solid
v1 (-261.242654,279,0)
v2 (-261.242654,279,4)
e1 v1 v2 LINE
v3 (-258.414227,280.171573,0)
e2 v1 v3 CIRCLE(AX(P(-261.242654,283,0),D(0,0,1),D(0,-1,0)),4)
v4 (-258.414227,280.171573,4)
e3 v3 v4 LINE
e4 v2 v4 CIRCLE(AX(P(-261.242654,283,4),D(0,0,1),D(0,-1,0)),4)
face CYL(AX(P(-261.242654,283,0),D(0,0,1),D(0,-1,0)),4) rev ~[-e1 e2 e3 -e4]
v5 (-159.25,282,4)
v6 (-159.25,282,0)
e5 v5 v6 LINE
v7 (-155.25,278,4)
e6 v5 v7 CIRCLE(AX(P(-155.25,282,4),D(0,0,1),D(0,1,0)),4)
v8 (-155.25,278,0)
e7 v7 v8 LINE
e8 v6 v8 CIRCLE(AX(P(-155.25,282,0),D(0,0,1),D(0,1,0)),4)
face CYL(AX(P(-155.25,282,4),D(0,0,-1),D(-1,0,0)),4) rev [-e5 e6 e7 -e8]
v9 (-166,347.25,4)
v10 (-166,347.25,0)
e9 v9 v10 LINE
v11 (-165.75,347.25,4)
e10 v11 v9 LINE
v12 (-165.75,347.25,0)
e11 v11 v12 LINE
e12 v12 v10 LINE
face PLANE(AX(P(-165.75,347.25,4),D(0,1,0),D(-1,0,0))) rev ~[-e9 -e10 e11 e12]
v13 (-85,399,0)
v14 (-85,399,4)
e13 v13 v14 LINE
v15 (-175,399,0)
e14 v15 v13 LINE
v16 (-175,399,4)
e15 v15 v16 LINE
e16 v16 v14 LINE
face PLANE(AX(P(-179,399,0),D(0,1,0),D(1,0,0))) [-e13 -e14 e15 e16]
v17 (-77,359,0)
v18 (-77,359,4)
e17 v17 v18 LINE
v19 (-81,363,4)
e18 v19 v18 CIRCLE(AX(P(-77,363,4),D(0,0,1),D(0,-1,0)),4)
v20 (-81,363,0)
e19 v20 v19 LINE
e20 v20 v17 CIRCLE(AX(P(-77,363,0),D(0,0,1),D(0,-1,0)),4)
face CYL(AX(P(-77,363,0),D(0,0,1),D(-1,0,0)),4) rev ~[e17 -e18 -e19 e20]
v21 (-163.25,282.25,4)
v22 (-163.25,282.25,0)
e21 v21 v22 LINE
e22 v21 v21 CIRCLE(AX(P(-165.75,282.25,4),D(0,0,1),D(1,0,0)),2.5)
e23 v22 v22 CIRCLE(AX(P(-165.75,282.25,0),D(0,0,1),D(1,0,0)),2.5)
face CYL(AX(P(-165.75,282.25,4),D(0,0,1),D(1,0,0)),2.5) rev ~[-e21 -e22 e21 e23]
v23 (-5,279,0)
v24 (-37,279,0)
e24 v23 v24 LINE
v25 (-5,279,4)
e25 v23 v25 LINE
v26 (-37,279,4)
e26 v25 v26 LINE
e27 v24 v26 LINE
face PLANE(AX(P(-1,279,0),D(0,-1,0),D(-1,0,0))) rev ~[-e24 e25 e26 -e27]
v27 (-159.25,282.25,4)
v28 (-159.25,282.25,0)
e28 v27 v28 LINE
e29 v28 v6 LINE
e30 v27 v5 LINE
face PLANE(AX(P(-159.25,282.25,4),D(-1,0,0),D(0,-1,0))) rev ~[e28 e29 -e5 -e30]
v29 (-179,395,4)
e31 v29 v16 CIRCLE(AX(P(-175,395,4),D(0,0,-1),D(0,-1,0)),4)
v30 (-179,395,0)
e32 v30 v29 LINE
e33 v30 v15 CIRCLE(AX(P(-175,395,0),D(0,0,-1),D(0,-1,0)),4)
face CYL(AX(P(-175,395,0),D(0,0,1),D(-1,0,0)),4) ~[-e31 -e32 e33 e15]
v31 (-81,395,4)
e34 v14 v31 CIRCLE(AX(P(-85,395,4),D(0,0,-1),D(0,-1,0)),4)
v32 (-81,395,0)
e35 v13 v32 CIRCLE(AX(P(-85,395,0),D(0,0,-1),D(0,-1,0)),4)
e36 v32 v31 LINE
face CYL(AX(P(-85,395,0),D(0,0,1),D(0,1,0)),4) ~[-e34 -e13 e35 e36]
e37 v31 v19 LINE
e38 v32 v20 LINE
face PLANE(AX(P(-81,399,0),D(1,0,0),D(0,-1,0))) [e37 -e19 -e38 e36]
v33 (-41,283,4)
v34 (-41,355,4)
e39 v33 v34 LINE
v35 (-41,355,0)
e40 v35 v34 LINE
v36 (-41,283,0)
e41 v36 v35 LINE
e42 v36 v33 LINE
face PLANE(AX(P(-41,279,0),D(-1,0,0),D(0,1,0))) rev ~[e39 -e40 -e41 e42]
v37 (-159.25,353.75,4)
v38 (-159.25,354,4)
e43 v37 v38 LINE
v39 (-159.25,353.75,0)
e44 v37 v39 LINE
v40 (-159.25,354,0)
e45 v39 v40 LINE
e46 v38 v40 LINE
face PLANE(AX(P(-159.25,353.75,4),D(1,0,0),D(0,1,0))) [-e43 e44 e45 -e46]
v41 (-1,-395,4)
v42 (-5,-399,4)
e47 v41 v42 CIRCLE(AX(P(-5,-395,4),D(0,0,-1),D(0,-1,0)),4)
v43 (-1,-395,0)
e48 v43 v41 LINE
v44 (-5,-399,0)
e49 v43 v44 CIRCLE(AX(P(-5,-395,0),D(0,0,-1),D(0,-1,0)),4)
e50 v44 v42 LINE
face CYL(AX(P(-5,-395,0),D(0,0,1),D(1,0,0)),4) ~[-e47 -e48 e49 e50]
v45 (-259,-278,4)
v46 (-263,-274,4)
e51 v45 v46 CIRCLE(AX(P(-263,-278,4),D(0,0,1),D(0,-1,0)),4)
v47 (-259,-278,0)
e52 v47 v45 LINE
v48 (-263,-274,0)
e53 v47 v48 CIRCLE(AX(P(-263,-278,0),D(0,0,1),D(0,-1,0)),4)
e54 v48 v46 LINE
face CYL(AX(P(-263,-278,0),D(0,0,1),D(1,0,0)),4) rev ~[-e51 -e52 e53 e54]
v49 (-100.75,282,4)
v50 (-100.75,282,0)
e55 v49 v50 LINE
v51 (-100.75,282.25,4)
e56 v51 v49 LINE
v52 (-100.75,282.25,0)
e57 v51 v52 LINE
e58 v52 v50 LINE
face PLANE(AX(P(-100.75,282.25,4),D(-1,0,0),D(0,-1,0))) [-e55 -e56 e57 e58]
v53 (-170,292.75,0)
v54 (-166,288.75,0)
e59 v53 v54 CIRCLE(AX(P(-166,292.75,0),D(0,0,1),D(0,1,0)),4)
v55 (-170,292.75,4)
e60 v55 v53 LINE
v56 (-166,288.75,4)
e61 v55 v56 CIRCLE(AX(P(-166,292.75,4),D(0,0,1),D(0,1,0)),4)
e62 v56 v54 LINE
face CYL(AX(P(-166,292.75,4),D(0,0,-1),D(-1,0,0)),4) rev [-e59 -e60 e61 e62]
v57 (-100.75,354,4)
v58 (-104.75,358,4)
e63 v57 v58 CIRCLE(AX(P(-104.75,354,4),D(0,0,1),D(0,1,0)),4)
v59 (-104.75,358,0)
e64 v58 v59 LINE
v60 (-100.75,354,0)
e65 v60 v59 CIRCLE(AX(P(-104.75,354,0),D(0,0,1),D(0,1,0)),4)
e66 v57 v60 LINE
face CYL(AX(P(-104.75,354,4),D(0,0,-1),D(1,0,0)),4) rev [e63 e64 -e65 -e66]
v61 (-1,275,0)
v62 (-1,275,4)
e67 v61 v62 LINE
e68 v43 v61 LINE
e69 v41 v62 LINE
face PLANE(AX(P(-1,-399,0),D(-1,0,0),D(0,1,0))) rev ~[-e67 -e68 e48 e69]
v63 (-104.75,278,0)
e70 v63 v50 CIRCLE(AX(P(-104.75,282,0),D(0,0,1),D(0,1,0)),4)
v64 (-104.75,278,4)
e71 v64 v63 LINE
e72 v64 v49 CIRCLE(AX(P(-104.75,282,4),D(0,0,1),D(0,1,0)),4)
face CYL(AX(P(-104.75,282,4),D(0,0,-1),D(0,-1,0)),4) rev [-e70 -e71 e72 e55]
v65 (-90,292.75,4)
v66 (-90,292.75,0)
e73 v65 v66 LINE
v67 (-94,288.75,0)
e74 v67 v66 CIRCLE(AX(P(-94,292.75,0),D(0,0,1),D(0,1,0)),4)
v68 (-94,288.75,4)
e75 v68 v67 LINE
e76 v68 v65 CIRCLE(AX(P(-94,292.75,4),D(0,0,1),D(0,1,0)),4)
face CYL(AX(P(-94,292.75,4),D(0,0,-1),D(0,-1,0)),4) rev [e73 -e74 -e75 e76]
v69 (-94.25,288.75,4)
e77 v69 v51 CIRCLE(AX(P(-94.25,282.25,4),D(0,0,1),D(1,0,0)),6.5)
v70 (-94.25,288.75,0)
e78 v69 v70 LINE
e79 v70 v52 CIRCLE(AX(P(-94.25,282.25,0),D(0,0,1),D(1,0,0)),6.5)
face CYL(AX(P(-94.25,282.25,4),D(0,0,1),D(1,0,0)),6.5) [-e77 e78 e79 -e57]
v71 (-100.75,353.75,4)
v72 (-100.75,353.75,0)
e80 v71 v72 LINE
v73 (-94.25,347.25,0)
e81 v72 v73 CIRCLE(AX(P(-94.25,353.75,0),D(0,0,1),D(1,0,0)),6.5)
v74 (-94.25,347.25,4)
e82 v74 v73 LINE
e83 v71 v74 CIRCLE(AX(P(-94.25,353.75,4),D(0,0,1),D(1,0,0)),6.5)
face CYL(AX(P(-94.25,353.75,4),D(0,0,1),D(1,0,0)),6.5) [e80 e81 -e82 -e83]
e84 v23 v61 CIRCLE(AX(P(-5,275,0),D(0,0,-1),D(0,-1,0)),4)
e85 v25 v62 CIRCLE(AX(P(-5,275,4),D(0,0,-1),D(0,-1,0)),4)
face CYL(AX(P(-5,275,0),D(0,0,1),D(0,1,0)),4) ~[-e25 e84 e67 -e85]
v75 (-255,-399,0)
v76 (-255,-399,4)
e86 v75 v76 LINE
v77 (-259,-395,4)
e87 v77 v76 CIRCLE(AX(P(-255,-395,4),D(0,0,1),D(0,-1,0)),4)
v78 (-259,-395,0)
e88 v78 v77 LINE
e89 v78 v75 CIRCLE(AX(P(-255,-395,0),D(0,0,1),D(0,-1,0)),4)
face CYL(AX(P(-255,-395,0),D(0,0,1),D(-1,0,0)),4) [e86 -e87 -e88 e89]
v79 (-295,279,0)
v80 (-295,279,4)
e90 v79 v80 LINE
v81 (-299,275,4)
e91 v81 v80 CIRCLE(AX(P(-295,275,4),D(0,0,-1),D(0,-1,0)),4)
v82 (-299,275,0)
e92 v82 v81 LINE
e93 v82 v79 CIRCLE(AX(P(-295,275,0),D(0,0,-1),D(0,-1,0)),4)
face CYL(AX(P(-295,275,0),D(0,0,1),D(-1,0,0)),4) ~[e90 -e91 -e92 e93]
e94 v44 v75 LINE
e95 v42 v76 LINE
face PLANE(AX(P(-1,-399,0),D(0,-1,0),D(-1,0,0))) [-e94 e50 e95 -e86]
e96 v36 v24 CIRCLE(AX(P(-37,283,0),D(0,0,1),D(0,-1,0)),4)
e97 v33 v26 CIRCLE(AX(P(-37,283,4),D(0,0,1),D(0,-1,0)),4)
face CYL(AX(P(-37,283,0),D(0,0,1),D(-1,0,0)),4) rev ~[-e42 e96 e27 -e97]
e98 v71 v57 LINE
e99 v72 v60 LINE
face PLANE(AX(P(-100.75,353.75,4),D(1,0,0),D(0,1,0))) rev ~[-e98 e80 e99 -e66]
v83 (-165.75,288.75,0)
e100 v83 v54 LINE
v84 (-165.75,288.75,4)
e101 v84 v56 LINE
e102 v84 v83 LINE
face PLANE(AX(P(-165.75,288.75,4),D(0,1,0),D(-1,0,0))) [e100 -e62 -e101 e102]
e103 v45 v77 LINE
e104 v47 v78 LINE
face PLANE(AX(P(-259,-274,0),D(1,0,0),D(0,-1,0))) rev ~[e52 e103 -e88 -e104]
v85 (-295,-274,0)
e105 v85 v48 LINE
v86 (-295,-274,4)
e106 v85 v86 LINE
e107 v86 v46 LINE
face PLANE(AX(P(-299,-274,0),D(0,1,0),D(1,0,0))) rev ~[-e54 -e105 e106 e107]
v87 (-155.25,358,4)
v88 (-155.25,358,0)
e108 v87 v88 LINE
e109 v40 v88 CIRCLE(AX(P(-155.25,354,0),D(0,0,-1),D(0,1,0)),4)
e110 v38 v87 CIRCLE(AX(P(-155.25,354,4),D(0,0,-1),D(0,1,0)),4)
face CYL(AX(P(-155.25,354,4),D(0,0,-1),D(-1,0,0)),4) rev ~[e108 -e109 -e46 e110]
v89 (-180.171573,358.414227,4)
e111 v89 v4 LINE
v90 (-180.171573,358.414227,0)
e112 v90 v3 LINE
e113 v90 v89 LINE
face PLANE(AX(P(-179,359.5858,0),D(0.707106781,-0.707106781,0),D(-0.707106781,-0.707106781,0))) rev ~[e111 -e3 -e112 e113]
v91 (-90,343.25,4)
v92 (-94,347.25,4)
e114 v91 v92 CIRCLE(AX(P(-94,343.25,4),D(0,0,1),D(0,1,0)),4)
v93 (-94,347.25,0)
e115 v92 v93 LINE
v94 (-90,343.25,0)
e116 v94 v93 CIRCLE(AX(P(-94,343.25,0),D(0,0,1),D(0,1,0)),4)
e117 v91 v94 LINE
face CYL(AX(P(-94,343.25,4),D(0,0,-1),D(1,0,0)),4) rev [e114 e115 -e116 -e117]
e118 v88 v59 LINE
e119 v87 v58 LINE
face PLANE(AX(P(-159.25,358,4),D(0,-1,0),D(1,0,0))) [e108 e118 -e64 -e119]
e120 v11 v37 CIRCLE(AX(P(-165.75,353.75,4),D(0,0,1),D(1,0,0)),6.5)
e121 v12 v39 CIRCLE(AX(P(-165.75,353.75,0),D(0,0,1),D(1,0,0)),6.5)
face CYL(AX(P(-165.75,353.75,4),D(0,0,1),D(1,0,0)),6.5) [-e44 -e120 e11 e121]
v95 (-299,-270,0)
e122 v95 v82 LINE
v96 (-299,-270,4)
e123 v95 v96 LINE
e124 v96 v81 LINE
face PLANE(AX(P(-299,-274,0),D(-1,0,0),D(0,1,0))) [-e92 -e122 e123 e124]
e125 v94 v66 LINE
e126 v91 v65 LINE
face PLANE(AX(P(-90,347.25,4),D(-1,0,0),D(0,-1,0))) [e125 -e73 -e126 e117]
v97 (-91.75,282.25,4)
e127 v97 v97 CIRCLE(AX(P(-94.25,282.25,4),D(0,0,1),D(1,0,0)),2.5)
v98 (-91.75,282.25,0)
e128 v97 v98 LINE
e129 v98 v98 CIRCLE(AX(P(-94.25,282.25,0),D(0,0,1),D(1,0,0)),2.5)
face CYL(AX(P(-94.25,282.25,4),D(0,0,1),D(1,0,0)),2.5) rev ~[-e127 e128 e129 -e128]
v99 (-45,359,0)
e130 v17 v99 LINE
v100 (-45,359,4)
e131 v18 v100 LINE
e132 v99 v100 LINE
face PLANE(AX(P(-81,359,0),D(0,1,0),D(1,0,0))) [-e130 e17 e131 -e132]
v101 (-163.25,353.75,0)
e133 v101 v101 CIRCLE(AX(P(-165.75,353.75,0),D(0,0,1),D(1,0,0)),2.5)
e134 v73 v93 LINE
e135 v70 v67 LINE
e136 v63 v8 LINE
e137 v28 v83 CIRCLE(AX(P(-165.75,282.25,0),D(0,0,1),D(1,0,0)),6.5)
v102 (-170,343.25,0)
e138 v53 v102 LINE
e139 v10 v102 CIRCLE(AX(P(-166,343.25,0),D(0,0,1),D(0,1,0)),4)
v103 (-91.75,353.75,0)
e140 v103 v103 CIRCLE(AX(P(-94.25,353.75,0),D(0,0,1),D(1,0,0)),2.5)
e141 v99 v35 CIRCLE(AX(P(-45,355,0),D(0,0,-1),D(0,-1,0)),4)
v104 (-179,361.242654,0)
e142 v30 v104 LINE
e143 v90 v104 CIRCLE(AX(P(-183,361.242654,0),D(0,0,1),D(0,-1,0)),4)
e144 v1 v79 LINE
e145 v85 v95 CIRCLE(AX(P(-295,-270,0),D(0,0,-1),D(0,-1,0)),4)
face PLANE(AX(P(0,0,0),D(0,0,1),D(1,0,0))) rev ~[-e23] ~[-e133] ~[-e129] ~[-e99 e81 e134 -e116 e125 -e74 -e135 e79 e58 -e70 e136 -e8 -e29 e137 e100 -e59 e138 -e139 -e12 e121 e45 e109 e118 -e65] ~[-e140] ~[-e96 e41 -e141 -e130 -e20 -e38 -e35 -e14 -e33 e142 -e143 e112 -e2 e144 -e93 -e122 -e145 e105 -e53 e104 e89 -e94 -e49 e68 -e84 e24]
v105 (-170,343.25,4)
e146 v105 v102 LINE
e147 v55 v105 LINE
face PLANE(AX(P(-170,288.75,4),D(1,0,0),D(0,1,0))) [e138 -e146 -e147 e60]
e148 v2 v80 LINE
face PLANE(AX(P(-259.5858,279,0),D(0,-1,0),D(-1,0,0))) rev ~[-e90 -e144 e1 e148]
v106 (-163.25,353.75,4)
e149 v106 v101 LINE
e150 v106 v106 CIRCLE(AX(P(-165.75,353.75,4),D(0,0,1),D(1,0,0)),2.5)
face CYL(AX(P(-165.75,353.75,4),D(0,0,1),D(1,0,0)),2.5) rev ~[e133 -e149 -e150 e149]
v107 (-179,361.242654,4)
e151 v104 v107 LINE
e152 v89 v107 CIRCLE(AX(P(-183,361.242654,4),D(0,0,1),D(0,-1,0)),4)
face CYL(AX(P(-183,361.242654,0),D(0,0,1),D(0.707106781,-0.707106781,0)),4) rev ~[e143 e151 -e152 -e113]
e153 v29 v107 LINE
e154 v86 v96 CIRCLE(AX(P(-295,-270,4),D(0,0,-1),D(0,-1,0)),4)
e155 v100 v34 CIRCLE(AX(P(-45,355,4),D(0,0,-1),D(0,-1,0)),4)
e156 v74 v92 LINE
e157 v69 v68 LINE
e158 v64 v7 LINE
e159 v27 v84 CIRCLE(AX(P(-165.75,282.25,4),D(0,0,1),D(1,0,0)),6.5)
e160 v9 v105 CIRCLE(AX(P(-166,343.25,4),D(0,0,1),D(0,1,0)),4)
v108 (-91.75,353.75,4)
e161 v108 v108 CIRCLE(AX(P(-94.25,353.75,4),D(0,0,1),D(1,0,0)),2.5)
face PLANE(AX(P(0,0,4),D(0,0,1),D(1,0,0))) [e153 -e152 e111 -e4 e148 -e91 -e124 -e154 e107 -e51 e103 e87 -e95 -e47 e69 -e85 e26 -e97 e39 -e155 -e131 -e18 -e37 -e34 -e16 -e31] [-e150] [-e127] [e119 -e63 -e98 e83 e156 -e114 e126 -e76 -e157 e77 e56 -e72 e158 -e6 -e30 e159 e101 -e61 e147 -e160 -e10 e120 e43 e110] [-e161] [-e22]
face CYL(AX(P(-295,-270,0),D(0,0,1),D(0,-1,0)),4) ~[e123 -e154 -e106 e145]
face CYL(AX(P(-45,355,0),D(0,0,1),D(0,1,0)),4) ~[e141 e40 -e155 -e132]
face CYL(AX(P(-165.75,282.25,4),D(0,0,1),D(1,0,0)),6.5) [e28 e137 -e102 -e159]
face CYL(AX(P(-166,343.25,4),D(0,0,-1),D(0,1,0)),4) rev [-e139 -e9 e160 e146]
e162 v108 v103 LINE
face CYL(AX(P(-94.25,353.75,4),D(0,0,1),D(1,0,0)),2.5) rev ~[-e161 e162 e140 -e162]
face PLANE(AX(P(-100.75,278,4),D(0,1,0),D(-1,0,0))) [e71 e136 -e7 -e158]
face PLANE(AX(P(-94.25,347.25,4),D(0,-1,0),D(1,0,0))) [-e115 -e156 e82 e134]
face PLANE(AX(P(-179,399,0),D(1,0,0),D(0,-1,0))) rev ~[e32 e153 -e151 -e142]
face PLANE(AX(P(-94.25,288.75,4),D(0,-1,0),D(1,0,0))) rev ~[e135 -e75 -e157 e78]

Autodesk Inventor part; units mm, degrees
ref_plane "YZ Plane" through (0, 0, 0) normal (1, 0, 0) x (0, 1, 0)
ref_plane "XZ Plane" through (0, 0, 0) normal (0, 1, 0) x (-1, 0, 0)
ref_plane "XY Plane" through (0, 0, 0) normal (0, 0, 1) x (1, 0, 0)
sketch "Sketch1" plane through (0, 0, 0) normal (0, 0, 1) x (1, 0, 0)
  line L0 (-300, -400) -> (300, -400)
  line L1 (300, -400) -> (300, 400)
  line L2 (300, 400) -> (-300, 400)
  line L3 (-300, 400) -> (-300, -400)
  line L4 (-300, -400) -> (300, 400) construction
  line L5 (300, -400) -> (-300, 400) construction
  line L6 (-80, 360) -> (80, 360)
  line L7 (80, 360) -> (80, 400)
  line L8 (80, 400) -> (-80, 400)
  line L9 (-80, 400) -> (-80, 360)
  line L10 (-80, 360) -> (80, 400) construction
  line L11 (80, 360) -> (-80, 400) construction
  line L12 (-300, 280) -> (-260, 280)
  line L13 (-260, 280) -> (-180, 360)
  line L14 (-180, 360) -> (-180, 400)
  line L15 (180, 400) -> (180, 360)
  line L16 (180, 360) -> (260, 280)
  line L17 (260, 280) -> (300, 280)
  line L18 (-300, -275) -> (-260, -275)
  line L19 (-260, -275) -> (-260, -400)
  line L20 (300, -280) -> (260, -280)
  line L21 (260, -280) -> (260, -400)
  line L22 (0, 0) -> (0, 380) construction
  line L23 (-1, 360) -> (1, 360)
  line L24 (1, 360) -> (1, -400)
  line L25 (1, -400) -> (-1, -400)
  line L26 (-1, -400) -> (-1, 360)
  line L27 (-179, 400) -> (-179, 359.5858)
  line L28 (-179, 359.5858) -> (-259.5858, 279)
  line L29 (-259.5858, 279) -> (-300, 279)
  line L30 (-81, 359) -> (81, 359)
  line L31 (81, 359) -> (81, 401)
  line L32 (81, 401) -> (-81, 401)
  line L33 (-81, 401) -> (-81, 359)
  line L34 (-299, 399) -> (299, 399)
  line L35 (299, 399) -> (299, -399)
  line L36 (299, -399) -> (-299, -399)
  line L37 (-299, -399) -> (-299, 399)
  line L38 (-300, -274) -> (-259, -274)
  line L39 (-259, -274) -> (-259, -400)
  line L40 (259, -400) -> (259, -279)
  line L41 (259, -279) -> (300, -279)
  line L42 (300, 279) -> (259.5858, 279)
  line L43 (259.5858, 279) -> (179, 359.5858)
  line L44 (179, 359.5858) -> (179, 400)
  line L45 (-40, 360) -> (40, 360)
  line L46 (40, 360) -> (40, 280)
  line L47 (40, 280) -> (-40, 280)
  line L48 (-40, 280) -> (-40, 360)
  line L49 (-41, 361) -> (41, 361)
  line L50 (41, 361) -> (41, 279)
  line L51 (41, 279) -> (-41, 279)
  line L52 (-41, 279) -> (-41, 361)
  point P0 (-299, 279)
  point P1 (-299, -274)
  point P2 (-259, -399)
  point P3 (-1, -399)
  point P4 (-1, 359)
  point P5 (-81, 399)
  point P6 (-179, 399)
  point P7 (-1, 279)
  point P8 (-41, 359)
  dimension "d0" = 600
  dimension "d1" = 800
  dimension "d2" = 160
  dimension "d3" = 40
  dimension "d4" = 40
  dimension "d5" = 40
  dimension "d6" = 40
  dimension "d7" = 40
  dimension "d8" = 40
  dimension "d9" = 40
  dimension "d10" = 120
  dimension "d11" = 120
  dimension "d12" = 120
  dimension "d13" = 120
  dimension "d14" = 125
  dimension "d15" = 120
  dimension "d16" = 2
  dimension "d17" = 1
  dimension "d18" = 1
  dimension "d19" = 1
  dimension "d20" = 1
  dimension "d21" = 1
  dimension "d22" = 1
  dimension "d25" = 80
  dimension "d26" = 80
  dimension "d27" = 1
extrude "Extrusion1" add sketch "Sketch1" along normal blind 4 contours L39 L38 L37 L29 L28 L27 L34 L33 L30 L52 L51 L26 L36
fillet "Fillet1" radius 4 13 edges at (-179, 399, 2) (-179, 359.5858, 2) (-259.5858, 279, 2) (-299, 279, 2) (-81, 399, 2) (-81, 359, 2) (-41, 359, 2) (-41, 279, 2) (-1, 279, 2) (-1, -399, 2) (-259, -399, 2) (-259, -274, 2) (-299, -274, 2)
sketch "Sketch2" plane through (0, 0, 4) normal (0, 0, 1) x (1, 0, 0)
  arc A0 (-299, -270) -> (-295, -274) centre (-295, -270) ccw projected
  line L0 (-295, -274) -> (-263, -274) projected
  arc A1 (-259, -278) -> (-263, -274) centre (-263, -278) ccw projected
  line L1 (-259, -278) -> (-259, -395) projected
  arc A2 (-259, -395) -> (-255, -399) centre (-255, -395) ccw projected
  line L2 (-255, -399) -> (-5, -399) projected
  arc A3 (-5, -399) -> (-1, -395) centre (-5, -395) ccw projected
  line L3 (-1, -395) -> (-1, 275) projected
  arc A4 (-1, 275) -> (-5, 279) centre (-5, 275) ccw projected
  line L4 (-5, 279) -> (-37, 279) projected
  arc A5 (-41, 283) -> (-37, 279) centre (-37, 283) ccw projected
  line L5 (-41, 283) -> (-41, 355) projected
  arc A6 (-41, 355) -> (-45, 359) centre (-45, 355) ccw projected
  line L6 (-45, 359) -> (-77, 359) projected
  arc A7 (-81, 363) -> (-77, 359) centre (-77, 363) ccw projected
  line L7 (-81, 363) -> (-81, 395) projected
  arc A8 (-81, 395) -> (-85, 399) centre (-85, 395) ccw projected
  line L8 (-85, 399) -> (-175, 399) projected
  arc A9 (-175, 399) -> (-179, 395) centre (-175, 395) ccw projected
  line L9 (-179, 395) -> (-179, 361.2426) projected
  arc A10 (-180.1716, 358.4142) -> (-179, 361.2426) centre (-183, 361.2426) ccw projected
  line L10 (-180.1716, 358.4142) -> (-258.4142, 280.1716) projected
  arc A11 (-261.2426, 279) -> (-258.4142, 280.1716) centre (-261.2426, 283) ccw projected
  line L11 (-261.2426, 279) -> (-295, 279) projected
  arc A12 (-295, 279) -> (-299, 275) centre (-295, 275) ccw projected
  line L12 (-299, 275) -> (-299, -270) projected
  line L13 (-170, 358) -> (-90, 358)
  line L14 (-90, 358) -> (-90, 278)
  line L15 (-90, 278) -> (-170, 278)
  line L16 (-170, 278) -> (-170, 358)
  line L17 (-170, 358) -> (-90, 278) construction
  line L18 (-90, 358) -> (-170, 278) construction
  line L19 (-130, 318) -> (-130, 358) construction
  line L20 (-170, 358) -> (-175, 395) construction
  line L21 (-90, 358) -> (-85, 395) construction
  line L22 (-165.75, 282.25) -> (-94.25, 282.25) construction
  line L23 (-94.25, 282.25) -> (-94.25, 353.75) construction
  line L24 (-94.25, 353.75) -> (-165.75, 353.75) construction
  line L25 (-165.75, 353.75) -> (-165.75, 282.25) construction
  line L26 (-165.75, 282.25) -> (-94.25, 353.75) construction
  line L27 (-94.25, 282.25) -> (-165.75, 353.75) construction
  circle A13 centre (-165.75, 353.75) radius 2.5
  circle A14 centre (-94.25, 353.75) radius 2.5
  circle A15 centre (-94.25, 282.25) radius 2.5
  circle A16 centre (-165.75, 282.25) radius 2.5
  circle A17 centre (-165.75, 353.75) radius 6.5
  line L28 (-165.75, 347.25) -> (-170, 347.25)
  line L29 (-159.25, 353.75) -> (-159.25, 358)
  circle A18 centre (-165.75, 282.25) radius 6.5
  line L30 (-165.75, 288.75) -> (-170, 288.75)
  line L31 (-159.25, 282.25) -> (-159.25, 278)
  circle A19 centre (-94.25, 282.25) radius 6.5
  line L32 (-100.75, 282.25) -> (-100.75, 278)
  line L33 (-94.25, 288.75) -> (-90, 288.75)
  circle A20 centre (-94.25, 353.75) radius 6.5
  line L34 (-94.25, 347.25) -> (-90, 347.25)
  line L35 (-100.75, 353.75) -> (-100.75, 358)
  point P0 (0, 0)
  point P1 (-100.75, 358)
  point P2 (-170, 288.75)
  point P3 (-100.75, 278)
  point P4 (-90, 288.75)
  point P5 (-90, 347.25)
  dimension "d29" = 80
  dimension "d30" = 80
  dimension "d31" = 41
  dimension "d32" = 71.5
  dimension "d33" = 71.5
  dimension "d34" = 5
  dimension "d35" = 5
  dimension "d36" = 5
  dimension "d37" = 5
  dimension "d38" = 4
  dimension "d41" = 360
extrude "Extrusion2" cut sketch "Sketch2" against normal blind 4 contours L13 L35 A20 L34 L14 L33 A19 L32 L15 L31 A18 L30 L16 L28 A17 L29 | A13 | A14 | A15 | A16
fillet "Fillet2" radius 4 8 edges at (-100.75, 358, 2) (-90, 347.25, 2) (-90, 288.75, 2) (-100.75, 278, 2) (-159.25, 358, 2) (-170, 347.25, 2) (-170, 288.75, 2) (-159.25, 278, 2)
properties part number "RT_FRM_MC_014_FrontCover_L" material "Polycarbonate, Smoke"
